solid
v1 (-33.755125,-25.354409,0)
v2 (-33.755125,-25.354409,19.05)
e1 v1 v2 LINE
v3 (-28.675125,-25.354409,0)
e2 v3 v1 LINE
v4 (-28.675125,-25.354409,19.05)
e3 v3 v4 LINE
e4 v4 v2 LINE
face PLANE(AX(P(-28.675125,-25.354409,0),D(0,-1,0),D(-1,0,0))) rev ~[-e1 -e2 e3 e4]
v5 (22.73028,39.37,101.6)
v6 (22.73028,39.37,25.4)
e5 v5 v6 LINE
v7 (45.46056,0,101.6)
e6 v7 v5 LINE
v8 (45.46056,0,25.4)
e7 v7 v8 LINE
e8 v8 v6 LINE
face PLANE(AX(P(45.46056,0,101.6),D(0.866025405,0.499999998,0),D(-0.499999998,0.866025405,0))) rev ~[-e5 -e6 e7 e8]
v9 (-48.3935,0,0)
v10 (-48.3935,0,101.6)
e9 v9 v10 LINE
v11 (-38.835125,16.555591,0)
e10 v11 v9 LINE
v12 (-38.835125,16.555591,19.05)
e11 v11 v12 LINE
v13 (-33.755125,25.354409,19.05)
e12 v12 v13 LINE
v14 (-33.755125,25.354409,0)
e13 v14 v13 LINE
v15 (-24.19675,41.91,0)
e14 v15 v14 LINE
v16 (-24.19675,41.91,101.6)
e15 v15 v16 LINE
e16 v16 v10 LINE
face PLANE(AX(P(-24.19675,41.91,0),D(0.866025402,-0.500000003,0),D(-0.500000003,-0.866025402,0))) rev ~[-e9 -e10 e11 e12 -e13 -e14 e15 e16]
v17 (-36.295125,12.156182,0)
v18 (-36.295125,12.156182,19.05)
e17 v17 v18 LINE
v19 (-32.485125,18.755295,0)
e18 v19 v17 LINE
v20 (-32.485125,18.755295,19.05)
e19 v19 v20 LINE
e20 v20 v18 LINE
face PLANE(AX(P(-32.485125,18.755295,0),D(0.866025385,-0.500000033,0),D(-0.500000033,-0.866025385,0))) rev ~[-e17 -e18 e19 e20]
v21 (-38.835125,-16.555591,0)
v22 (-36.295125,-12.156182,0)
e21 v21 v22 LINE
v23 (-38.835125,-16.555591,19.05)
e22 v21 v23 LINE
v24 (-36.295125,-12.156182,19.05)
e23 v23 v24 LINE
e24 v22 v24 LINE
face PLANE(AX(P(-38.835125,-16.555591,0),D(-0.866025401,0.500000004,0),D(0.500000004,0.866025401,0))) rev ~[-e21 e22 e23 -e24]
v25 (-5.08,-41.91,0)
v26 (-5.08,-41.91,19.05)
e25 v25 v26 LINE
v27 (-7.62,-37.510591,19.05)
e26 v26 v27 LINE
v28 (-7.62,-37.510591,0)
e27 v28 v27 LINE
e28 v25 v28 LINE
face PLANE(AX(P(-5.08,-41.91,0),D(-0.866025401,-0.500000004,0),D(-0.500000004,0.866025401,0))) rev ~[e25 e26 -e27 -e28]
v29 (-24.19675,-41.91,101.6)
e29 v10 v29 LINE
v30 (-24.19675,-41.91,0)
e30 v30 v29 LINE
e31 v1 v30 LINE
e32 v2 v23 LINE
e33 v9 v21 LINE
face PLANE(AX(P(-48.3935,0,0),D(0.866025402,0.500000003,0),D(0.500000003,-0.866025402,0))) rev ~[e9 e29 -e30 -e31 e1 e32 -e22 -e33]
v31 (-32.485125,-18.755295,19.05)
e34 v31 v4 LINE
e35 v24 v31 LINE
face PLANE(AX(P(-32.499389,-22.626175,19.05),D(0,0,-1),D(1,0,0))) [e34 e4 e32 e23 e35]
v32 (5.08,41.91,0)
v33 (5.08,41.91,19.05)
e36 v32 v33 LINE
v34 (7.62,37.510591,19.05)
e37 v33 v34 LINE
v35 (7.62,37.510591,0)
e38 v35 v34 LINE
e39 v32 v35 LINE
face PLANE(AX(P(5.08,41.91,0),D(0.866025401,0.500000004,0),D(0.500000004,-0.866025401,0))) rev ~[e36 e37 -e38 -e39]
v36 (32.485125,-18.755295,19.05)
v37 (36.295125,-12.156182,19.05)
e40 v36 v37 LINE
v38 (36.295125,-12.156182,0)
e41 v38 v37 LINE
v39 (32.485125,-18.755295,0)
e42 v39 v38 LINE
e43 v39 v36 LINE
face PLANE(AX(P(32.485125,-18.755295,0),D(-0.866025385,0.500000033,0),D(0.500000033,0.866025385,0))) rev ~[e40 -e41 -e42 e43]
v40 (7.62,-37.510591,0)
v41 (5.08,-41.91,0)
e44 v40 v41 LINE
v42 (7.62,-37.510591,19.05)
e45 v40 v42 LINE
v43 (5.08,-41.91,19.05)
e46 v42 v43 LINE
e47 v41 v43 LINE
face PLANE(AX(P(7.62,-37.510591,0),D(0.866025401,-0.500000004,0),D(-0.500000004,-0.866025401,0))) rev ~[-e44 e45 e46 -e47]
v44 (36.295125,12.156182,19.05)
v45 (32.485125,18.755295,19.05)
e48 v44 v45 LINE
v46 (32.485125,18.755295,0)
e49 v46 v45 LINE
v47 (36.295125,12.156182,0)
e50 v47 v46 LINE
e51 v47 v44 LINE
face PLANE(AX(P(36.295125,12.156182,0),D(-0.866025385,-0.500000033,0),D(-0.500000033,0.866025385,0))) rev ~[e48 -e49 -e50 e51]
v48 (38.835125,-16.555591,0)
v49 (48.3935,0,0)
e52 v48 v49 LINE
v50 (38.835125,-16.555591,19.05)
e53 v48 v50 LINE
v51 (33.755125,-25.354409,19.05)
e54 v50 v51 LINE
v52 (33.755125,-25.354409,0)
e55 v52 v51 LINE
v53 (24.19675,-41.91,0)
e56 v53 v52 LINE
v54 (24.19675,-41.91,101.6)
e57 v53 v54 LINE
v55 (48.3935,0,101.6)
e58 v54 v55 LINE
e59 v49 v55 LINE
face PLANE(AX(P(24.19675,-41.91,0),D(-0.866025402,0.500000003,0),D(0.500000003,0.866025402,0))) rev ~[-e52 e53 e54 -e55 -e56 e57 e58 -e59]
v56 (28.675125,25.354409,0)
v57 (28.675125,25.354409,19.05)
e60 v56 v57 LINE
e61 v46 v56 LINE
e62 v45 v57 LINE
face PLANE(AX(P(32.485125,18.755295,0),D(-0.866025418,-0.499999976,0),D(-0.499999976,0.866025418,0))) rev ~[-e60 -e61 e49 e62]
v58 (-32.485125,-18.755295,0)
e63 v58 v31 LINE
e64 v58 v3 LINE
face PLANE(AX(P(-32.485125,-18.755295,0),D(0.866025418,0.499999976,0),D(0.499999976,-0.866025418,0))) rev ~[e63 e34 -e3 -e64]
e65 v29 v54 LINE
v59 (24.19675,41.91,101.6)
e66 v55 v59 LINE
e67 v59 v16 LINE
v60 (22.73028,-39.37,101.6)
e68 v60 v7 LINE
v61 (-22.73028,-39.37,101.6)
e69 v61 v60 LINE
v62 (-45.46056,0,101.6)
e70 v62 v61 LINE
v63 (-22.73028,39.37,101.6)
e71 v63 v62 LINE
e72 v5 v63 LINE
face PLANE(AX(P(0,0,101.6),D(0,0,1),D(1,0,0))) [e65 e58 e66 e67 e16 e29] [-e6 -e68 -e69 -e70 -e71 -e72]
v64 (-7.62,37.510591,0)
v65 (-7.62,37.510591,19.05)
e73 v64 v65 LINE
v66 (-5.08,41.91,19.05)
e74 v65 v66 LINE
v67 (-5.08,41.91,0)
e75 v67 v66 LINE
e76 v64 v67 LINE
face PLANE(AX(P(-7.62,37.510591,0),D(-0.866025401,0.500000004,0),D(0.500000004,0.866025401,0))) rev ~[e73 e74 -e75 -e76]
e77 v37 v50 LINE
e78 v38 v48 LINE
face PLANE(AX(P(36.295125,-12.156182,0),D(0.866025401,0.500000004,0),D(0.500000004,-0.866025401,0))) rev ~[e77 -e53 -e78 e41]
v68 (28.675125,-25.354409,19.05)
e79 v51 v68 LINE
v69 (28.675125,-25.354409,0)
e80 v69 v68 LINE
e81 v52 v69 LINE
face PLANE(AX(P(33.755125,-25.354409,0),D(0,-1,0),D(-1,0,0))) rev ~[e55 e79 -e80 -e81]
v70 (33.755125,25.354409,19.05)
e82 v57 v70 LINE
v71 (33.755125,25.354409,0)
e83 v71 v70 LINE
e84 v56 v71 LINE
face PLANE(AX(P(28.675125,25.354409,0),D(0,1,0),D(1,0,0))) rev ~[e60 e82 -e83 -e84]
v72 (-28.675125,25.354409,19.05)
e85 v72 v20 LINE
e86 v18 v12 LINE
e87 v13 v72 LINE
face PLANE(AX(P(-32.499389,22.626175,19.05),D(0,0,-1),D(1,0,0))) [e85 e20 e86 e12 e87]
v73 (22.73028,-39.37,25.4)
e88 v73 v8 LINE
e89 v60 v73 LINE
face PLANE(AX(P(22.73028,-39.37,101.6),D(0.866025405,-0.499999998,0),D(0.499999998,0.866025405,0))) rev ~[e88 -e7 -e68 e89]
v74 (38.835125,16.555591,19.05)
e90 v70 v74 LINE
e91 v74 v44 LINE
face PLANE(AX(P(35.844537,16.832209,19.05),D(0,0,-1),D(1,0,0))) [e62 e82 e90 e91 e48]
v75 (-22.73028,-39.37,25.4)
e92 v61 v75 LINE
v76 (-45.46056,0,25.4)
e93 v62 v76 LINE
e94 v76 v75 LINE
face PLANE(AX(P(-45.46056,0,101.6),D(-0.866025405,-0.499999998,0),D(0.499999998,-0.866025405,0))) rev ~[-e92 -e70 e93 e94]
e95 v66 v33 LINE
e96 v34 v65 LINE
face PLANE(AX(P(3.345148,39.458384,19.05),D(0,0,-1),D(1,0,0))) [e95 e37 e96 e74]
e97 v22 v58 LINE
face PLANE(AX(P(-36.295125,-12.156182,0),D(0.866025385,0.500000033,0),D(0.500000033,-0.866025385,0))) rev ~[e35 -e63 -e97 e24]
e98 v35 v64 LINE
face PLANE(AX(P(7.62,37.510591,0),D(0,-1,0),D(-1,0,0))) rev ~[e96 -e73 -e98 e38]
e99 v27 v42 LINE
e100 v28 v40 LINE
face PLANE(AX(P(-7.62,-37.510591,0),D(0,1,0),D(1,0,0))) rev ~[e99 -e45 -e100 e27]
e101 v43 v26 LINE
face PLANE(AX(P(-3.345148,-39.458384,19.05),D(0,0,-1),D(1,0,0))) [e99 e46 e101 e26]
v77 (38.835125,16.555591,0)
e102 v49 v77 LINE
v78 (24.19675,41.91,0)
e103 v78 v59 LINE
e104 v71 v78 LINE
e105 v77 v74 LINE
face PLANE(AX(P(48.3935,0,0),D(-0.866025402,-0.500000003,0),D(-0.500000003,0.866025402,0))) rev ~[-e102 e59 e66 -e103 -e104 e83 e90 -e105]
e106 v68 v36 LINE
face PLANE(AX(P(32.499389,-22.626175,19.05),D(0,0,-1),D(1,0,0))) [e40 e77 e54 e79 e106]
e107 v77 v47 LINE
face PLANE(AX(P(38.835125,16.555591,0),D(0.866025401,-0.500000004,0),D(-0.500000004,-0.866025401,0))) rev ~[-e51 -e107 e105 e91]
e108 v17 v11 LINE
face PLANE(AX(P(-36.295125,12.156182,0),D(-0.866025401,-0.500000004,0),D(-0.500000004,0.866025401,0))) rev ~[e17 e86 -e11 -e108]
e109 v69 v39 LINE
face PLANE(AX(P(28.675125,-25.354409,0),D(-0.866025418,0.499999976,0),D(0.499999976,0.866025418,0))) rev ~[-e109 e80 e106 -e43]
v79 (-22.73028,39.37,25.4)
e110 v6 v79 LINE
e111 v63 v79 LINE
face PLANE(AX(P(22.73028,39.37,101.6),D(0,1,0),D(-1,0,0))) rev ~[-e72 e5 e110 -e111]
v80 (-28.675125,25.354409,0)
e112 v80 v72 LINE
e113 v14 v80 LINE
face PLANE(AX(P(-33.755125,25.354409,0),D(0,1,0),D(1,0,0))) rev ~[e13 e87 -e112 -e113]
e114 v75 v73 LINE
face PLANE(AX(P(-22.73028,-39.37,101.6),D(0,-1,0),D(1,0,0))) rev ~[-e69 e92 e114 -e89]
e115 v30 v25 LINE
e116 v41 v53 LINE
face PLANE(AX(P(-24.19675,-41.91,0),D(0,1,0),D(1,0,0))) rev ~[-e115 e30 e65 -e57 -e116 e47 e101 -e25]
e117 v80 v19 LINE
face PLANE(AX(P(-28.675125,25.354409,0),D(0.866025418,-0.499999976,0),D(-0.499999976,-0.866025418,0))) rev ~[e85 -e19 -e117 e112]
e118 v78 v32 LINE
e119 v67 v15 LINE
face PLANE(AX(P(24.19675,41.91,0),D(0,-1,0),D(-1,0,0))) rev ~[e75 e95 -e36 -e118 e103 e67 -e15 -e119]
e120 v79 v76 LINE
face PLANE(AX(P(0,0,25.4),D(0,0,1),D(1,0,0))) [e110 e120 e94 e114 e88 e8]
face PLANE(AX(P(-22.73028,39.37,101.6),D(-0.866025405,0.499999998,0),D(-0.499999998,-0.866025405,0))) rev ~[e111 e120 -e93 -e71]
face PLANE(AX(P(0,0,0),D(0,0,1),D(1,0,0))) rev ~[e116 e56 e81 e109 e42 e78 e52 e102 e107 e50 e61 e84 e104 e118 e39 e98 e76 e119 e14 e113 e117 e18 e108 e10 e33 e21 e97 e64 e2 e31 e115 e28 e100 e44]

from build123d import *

# Parameters (mm, degrees)
F1_DEPTH = 101.6
F3_DEPTH = 76.2
F5_DEPTH = 19.05


with BuildPart() as f1:
    # F0 (on Top) → F1 (new body)
    with BuildSketch(Plane.XY):
        Polygon((-24.19675, -41.91), (24.19675, -41.91), (48.3935, 0), (24.19675, 41.91), (-24.19675, 41.91), (-48.3935, 0), align=None)
    extrude(amount=F1_DEPTH)

    # F2 (on face) → F3 (cut)
    with BuildSketch(Plane.XY.offset(101.6)):
        Polygon((-22.73028, -39.37), (22.73028, -39.37), (45.46056, 0), (22.73028, 39.37), (-22.73028, 39.37), (-45.46056, 0), align=None)
    extrude(amount=-F3_DEPTH, mode=Mode.SUBTRACT)

    # F4 (on face) → F5 (cut)
    with BuildSketch(Plane(origin=(0, 0, 0), x_dir=(1, 0, 0), z_dir=(0, 0, -1))):
        Polygon((-7.62, 37.510591), (0, 37.510591), (0, 41.91), (-5.08, 41.91), align=None)
        Polygon((7.62, 37.510591), (5.08, 41.91), (0, 41.91), (0, 37.510591), align=None)
        Polygon((32.485125, 18.755295), (36.295125, 20.955), (33.755125, 25.354409), (28.675125, 25.354409), align=None)
        Polygon((36.295125, 12.156182), (38.835125, 16.555591), (36.295125, 20.955), (32.485125, 18.755295), align=None)
        Polygon((36.295125, -20.955), (38.835125, -16.555591), (36.295125, -12.156182), (32.485125, -18.755295), align=None)
        Polygon((33.755125, -25.354409), (36.295125, -20.955), (32.485125, -18.755295), (28.675125, -25.354409), align=None)
        Polygon((7.62, -37.510591), (0, -37.510591), (0, -41.91), (5.08, -41.91), align=None)
        Polygon((0, -41.91), (0, -37.510591), (-7.62, -37.510591), (-5.08, -41.91), align=None)
        Polygon((-28.675125, -25.354409), (-32.485125, -18.755295), (-36.295125, -20.955), (-33.755125, -25.354409), align=None)
        Polygon((-36.295125, -20.955), (-32.485125, -18.755295), (-36.295125, -12.156182), (-38.835125, -16.555591), align=None)
        Polygon((-36.295125, 20.955), (-32.485125, 18.755295), (-28.675125, 25.354409), (-33.755125, 25.354409), align=None)
        Polygon((-36.295125, 12.156182), (-32.485125, 18.755295), (-36.295125, 20.955), (-38.835125, 16.555591), align=None)
    extrude(amount=-F5_DEPTH, mode=Mode.SUBTRACT)


solid = f1.part
